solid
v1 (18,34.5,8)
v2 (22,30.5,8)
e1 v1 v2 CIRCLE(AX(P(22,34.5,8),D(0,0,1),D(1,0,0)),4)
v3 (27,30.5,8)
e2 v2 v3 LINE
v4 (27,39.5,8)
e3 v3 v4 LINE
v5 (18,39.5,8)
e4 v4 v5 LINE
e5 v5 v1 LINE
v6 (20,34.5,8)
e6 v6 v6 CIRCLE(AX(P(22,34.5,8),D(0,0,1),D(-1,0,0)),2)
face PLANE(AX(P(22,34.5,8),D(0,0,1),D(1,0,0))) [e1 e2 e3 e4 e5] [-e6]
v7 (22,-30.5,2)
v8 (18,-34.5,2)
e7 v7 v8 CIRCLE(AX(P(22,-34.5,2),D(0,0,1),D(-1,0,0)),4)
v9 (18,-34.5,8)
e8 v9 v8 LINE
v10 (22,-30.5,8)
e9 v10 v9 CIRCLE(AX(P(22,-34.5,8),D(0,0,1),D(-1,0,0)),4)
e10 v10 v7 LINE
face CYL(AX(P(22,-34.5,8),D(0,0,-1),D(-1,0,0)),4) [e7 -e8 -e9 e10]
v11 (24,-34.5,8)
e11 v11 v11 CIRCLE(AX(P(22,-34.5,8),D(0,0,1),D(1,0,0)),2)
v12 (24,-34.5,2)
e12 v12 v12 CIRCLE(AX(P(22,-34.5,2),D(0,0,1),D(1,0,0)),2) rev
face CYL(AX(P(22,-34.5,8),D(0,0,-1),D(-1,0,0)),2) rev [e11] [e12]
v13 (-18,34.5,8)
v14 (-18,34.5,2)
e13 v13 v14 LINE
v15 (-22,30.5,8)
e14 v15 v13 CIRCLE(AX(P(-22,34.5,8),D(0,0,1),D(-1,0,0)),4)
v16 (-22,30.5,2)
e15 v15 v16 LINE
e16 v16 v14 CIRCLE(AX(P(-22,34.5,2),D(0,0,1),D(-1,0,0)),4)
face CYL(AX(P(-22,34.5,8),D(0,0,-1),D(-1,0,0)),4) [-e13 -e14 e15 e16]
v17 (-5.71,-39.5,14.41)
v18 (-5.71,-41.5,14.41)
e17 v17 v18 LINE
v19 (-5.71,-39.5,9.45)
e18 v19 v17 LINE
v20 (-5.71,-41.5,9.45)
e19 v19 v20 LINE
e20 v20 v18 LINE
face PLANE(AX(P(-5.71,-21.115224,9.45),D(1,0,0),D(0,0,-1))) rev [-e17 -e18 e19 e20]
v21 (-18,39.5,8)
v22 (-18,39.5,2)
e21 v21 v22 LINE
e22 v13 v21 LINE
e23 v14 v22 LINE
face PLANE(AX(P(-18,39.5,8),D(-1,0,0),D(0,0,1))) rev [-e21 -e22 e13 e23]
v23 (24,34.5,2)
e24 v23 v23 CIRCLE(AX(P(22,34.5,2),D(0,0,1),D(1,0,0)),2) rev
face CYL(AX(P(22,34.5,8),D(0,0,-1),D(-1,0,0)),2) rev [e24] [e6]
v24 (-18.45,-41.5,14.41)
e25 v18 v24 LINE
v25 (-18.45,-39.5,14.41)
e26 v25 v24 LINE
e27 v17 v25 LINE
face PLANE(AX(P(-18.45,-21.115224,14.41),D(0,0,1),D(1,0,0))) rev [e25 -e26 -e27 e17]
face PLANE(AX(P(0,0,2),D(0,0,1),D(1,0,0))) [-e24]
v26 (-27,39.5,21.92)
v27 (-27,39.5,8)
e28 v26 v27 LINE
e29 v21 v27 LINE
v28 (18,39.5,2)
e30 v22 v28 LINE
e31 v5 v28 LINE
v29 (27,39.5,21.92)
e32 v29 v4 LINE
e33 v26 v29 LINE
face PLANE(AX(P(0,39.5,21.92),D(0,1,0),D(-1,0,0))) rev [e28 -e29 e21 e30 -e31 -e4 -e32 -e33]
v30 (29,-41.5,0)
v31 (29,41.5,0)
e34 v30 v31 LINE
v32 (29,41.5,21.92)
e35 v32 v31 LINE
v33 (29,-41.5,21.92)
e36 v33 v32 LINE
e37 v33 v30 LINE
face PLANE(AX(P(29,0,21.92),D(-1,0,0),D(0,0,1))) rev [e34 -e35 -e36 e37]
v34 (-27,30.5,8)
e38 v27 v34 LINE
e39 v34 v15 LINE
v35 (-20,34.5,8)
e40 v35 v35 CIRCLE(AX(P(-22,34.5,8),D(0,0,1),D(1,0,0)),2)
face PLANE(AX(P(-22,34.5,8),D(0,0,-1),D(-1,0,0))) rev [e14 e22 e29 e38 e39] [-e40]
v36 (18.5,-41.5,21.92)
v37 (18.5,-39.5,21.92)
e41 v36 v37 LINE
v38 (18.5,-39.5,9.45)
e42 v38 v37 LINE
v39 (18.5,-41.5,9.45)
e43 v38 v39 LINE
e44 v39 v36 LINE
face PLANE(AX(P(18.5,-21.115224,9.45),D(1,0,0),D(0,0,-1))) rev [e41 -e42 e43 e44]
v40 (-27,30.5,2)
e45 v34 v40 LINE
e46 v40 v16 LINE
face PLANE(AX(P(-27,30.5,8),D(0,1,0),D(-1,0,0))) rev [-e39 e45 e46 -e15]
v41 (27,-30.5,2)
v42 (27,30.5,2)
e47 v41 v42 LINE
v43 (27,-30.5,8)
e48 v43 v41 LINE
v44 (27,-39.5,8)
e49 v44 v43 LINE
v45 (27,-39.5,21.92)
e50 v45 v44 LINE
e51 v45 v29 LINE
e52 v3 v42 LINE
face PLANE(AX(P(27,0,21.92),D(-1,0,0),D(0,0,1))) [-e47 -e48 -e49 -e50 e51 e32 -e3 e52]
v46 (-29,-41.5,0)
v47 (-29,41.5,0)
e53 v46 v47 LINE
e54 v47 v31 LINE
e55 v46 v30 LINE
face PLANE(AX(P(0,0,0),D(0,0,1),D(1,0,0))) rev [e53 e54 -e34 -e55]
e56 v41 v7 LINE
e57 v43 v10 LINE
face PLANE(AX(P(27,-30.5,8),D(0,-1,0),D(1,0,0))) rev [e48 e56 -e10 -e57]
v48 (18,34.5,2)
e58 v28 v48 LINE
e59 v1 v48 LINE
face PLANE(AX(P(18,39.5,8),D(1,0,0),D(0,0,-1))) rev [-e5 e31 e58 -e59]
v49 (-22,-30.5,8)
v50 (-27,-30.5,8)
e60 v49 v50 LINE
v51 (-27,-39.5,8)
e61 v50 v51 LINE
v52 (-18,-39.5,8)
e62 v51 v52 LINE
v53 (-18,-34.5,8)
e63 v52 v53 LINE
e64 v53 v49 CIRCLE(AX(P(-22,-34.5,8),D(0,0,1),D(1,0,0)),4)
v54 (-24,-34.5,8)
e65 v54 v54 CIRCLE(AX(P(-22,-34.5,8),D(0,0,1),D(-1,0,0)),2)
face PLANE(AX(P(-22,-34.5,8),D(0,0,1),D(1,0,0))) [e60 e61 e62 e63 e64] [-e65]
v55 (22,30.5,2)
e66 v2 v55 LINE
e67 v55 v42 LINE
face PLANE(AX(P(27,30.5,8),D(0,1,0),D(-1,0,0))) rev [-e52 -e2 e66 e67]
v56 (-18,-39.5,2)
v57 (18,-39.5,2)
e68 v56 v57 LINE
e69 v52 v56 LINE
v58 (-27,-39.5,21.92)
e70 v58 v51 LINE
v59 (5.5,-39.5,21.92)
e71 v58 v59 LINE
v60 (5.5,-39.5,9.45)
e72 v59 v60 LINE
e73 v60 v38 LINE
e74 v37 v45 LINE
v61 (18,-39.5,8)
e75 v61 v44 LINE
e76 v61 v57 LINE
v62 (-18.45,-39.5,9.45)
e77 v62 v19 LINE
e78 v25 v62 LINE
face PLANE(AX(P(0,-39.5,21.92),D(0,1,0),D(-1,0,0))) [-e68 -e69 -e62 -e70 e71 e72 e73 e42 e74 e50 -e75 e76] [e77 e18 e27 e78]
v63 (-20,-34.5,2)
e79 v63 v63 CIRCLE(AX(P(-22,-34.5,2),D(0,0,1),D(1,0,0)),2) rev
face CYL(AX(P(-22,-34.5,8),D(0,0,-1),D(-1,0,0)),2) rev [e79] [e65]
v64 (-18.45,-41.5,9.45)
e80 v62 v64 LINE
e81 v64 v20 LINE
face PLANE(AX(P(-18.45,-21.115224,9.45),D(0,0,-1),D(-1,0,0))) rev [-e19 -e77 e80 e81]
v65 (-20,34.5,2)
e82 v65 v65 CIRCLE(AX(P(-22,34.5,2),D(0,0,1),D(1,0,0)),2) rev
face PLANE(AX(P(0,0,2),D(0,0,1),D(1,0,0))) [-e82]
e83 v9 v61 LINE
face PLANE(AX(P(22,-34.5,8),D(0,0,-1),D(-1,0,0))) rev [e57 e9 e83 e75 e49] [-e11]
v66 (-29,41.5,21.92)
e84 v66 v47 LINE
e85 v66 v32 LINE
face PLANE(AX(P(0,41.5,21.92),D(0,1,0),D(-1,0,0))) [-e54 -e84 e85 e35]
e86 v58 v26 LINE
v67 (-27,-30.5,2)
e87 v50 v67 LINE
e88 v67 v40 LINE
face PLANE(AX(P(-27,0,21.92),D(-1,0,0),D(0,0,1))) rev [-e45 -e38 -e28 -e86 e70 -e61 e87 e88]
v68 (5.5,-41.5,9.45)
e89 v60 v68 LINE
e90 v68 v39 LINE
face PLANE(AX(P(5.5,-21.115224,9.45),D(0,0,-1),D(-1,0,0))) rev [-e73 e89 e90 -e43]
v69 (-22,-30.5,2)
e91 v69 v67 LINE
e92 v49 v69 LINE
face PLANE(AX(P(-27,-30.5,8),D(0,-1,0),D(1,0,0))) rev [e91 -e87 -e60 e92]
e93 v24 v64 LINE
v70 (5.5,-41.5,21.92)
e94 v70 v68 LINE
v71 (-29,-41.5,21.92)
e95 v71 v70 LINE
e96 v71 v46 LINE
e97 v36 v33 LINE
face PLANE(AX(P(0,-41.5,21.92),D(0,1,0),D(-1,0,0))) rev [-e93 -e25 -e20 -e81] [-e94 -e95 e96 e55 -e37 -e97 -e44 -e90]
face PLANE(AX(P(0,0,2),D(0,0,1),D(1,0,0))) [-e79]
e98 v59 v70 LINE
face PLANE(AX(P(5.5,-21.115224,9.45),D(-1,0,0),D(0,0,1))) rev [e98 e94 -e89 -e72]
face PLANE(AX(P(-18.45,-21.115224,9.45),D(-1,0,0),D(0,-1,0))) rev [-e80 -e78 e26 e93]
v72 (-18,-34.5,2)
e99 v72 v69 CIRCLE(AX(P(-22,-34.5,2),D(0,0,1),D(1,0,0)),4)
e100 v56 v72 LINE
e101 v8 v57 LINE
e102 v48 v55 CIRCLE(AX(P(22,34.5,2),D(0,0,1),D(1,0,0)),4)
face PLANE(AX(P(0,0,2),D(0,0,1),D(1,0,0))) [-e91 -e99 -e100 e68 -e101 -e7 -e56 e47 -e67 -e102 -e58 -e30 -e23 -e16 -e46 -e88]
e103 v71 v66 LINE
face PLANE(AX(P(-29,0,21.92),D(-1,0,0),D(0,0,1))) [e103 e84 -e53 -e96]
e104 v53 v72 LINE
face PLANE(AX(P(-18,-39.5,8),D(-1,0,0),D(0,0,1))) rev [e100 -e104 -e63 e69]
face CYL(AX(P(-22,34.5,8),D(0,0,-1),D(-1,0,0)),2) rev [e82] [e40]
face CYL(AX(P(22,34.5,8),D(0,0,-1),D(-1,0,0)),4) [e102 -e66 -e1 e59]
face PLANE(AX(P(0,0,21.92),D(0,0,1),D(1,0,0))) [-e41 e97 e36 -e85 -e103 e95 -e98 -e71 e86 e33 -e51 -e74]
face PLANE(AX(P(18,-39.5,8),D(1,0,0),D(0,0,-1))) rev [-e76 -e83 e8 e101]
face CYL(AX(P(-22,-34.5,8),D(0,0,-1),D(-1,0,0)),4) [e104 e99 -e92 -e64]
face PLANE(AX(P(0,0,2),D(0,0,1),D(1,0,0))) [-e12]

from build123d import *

# Parameters (mm, degrees)
SKETCH1_W           = 83
SKETCH1_H           = 58
BOSS_EXTRUDE1_DEPTH = 21.92
SHELL1_T            = -2
SKETCH2_R           = 2
BOSS_EXTRUDE2_DEPTH = 6
SKETCH3_W           = 12.74
SKETCH3_H           = 4.96
SKETCH3_W_2         = 13
SKETCH3_H_2         = 13
CUT_EXTRUDE1_DEPTH  = 2


with BuildPart() as part:
    # Sketch1 → Boss-Extrude1 (new body)
    with BuildSketch(Plane(origin=(0, 0, 0), x_dir=(0, 1, 0), z_dir=(0, 0, 1))):
        Rectangle(SKETCH1_W, SKETCH1_H)
    extrude(amount=BOSS_EXTRUDE1_DEPTH)

    # Shell1
    shell1_openings = [part.faces().sort_by_distance(p)[0] for p in [
        (0, 0, 21.92),
    ]]
    offset(amount=SHELL1_T, openings=shell1_openings, kind=Kind.INTERSECTION)

    # Sketch2 → Boss-Extrude2 (add)
    # profile 1 of 4: a face of its own
    with BuildSketch(Plane.XY.offset(2)):
        with BuildLine():
            Line((-27, 39.5), (-18, 39.5))
            Line((-18, 39.5), (-18, 34.5))
            ThreePointArc((-18, 34.5), (-19.171572875, 31.671572875), (-22, 30.5))
            Line((-22, 30.5), (-27, 30.5))
            Line((-27, 30.5), (-27, 39.5))
        make_face()
        with Locations((-22, 34.5)):
            Circle(SKETCH2_R, mode=Mode.SUBTRACT)
    # profile 2 of 4: a face of its own
    with BuildSketch(Plane.XY.offset(2)):
        with BuildLine():
            Line((18, 39.5), (18, 34.5))
            ThreePointArc((18, 34.5), (19.171572875, 31.671572875), (22, 30.5))
            Line((22, 30.5), (27, 30.5))
            Line((27, 30.5), (27, 39.5))
            Line((27, 39.5), (18, 39.5))
        make_face()
        with Locations(Location((22, 34.5, 0), (0, 0, 180))):
            Circle(SKETCH2_R, mode=Mode.SUBTRACT)
    # profile 3 of 4: a face of its own
    with BuildSketch(Plane.XY.offset(2)):
        with BuildLine():
            Line((27, -39.5), (18, -39.5))
            Line((18, -39.5), (18, -34.5))
            ThreePointArc((18, -34.5), (19.171572875, -31.671572875), (22, -30.5))
            Line((22, -30.5), (27, -30.5))
            Line((27, -30.5), (27, -39.5))
        make_face()
        with Locations((22, -34.5)):
            Circle(SKETCH2_R, mode=Mode.SUBTRACT)
    # profile 4 of 4: a face of its own
    with BuildSketch(Plane.XY.offset(2)):
        with BuildLine():
            Line((-18, -39.5), (-18, -34.5))
            ThreePointArc((-18, -34.5), (-19.171572875, -31.671572875), (-22, -30.5))
            Line((-22, -30.5), (-27, -30.5))
            Line((-27, -30.5), (-27, -39.5))
            Line((-27, -39.5), (-18, -39.5))
        make_face()
        with Locations(Location((-22, -34.5, 0), (0, 0, 180))):
            Circle(SKETCH2_R, mode=Mode.SUBTRACT)
    extrude(amount=BOSS_EXTRUDE2_DEPTH)

    # Sketch3 → Cut-Extrude1 (cut)
    with BuildSketch(Plane.XZ.offset(41.5)):
        with Locations((-12.08, 11.93)):
            Rectangle(SKETCH3_W, SKETCH3_H)
        with Locations((12, 15.95)):
            Rectangle(SKETCH3_W_2, SKETCH3_H_2)
    extrude(amount=-CUT_EXTRUDE1_DEPTH, mode=Mode.SUBTRACT)


solid = part.part
